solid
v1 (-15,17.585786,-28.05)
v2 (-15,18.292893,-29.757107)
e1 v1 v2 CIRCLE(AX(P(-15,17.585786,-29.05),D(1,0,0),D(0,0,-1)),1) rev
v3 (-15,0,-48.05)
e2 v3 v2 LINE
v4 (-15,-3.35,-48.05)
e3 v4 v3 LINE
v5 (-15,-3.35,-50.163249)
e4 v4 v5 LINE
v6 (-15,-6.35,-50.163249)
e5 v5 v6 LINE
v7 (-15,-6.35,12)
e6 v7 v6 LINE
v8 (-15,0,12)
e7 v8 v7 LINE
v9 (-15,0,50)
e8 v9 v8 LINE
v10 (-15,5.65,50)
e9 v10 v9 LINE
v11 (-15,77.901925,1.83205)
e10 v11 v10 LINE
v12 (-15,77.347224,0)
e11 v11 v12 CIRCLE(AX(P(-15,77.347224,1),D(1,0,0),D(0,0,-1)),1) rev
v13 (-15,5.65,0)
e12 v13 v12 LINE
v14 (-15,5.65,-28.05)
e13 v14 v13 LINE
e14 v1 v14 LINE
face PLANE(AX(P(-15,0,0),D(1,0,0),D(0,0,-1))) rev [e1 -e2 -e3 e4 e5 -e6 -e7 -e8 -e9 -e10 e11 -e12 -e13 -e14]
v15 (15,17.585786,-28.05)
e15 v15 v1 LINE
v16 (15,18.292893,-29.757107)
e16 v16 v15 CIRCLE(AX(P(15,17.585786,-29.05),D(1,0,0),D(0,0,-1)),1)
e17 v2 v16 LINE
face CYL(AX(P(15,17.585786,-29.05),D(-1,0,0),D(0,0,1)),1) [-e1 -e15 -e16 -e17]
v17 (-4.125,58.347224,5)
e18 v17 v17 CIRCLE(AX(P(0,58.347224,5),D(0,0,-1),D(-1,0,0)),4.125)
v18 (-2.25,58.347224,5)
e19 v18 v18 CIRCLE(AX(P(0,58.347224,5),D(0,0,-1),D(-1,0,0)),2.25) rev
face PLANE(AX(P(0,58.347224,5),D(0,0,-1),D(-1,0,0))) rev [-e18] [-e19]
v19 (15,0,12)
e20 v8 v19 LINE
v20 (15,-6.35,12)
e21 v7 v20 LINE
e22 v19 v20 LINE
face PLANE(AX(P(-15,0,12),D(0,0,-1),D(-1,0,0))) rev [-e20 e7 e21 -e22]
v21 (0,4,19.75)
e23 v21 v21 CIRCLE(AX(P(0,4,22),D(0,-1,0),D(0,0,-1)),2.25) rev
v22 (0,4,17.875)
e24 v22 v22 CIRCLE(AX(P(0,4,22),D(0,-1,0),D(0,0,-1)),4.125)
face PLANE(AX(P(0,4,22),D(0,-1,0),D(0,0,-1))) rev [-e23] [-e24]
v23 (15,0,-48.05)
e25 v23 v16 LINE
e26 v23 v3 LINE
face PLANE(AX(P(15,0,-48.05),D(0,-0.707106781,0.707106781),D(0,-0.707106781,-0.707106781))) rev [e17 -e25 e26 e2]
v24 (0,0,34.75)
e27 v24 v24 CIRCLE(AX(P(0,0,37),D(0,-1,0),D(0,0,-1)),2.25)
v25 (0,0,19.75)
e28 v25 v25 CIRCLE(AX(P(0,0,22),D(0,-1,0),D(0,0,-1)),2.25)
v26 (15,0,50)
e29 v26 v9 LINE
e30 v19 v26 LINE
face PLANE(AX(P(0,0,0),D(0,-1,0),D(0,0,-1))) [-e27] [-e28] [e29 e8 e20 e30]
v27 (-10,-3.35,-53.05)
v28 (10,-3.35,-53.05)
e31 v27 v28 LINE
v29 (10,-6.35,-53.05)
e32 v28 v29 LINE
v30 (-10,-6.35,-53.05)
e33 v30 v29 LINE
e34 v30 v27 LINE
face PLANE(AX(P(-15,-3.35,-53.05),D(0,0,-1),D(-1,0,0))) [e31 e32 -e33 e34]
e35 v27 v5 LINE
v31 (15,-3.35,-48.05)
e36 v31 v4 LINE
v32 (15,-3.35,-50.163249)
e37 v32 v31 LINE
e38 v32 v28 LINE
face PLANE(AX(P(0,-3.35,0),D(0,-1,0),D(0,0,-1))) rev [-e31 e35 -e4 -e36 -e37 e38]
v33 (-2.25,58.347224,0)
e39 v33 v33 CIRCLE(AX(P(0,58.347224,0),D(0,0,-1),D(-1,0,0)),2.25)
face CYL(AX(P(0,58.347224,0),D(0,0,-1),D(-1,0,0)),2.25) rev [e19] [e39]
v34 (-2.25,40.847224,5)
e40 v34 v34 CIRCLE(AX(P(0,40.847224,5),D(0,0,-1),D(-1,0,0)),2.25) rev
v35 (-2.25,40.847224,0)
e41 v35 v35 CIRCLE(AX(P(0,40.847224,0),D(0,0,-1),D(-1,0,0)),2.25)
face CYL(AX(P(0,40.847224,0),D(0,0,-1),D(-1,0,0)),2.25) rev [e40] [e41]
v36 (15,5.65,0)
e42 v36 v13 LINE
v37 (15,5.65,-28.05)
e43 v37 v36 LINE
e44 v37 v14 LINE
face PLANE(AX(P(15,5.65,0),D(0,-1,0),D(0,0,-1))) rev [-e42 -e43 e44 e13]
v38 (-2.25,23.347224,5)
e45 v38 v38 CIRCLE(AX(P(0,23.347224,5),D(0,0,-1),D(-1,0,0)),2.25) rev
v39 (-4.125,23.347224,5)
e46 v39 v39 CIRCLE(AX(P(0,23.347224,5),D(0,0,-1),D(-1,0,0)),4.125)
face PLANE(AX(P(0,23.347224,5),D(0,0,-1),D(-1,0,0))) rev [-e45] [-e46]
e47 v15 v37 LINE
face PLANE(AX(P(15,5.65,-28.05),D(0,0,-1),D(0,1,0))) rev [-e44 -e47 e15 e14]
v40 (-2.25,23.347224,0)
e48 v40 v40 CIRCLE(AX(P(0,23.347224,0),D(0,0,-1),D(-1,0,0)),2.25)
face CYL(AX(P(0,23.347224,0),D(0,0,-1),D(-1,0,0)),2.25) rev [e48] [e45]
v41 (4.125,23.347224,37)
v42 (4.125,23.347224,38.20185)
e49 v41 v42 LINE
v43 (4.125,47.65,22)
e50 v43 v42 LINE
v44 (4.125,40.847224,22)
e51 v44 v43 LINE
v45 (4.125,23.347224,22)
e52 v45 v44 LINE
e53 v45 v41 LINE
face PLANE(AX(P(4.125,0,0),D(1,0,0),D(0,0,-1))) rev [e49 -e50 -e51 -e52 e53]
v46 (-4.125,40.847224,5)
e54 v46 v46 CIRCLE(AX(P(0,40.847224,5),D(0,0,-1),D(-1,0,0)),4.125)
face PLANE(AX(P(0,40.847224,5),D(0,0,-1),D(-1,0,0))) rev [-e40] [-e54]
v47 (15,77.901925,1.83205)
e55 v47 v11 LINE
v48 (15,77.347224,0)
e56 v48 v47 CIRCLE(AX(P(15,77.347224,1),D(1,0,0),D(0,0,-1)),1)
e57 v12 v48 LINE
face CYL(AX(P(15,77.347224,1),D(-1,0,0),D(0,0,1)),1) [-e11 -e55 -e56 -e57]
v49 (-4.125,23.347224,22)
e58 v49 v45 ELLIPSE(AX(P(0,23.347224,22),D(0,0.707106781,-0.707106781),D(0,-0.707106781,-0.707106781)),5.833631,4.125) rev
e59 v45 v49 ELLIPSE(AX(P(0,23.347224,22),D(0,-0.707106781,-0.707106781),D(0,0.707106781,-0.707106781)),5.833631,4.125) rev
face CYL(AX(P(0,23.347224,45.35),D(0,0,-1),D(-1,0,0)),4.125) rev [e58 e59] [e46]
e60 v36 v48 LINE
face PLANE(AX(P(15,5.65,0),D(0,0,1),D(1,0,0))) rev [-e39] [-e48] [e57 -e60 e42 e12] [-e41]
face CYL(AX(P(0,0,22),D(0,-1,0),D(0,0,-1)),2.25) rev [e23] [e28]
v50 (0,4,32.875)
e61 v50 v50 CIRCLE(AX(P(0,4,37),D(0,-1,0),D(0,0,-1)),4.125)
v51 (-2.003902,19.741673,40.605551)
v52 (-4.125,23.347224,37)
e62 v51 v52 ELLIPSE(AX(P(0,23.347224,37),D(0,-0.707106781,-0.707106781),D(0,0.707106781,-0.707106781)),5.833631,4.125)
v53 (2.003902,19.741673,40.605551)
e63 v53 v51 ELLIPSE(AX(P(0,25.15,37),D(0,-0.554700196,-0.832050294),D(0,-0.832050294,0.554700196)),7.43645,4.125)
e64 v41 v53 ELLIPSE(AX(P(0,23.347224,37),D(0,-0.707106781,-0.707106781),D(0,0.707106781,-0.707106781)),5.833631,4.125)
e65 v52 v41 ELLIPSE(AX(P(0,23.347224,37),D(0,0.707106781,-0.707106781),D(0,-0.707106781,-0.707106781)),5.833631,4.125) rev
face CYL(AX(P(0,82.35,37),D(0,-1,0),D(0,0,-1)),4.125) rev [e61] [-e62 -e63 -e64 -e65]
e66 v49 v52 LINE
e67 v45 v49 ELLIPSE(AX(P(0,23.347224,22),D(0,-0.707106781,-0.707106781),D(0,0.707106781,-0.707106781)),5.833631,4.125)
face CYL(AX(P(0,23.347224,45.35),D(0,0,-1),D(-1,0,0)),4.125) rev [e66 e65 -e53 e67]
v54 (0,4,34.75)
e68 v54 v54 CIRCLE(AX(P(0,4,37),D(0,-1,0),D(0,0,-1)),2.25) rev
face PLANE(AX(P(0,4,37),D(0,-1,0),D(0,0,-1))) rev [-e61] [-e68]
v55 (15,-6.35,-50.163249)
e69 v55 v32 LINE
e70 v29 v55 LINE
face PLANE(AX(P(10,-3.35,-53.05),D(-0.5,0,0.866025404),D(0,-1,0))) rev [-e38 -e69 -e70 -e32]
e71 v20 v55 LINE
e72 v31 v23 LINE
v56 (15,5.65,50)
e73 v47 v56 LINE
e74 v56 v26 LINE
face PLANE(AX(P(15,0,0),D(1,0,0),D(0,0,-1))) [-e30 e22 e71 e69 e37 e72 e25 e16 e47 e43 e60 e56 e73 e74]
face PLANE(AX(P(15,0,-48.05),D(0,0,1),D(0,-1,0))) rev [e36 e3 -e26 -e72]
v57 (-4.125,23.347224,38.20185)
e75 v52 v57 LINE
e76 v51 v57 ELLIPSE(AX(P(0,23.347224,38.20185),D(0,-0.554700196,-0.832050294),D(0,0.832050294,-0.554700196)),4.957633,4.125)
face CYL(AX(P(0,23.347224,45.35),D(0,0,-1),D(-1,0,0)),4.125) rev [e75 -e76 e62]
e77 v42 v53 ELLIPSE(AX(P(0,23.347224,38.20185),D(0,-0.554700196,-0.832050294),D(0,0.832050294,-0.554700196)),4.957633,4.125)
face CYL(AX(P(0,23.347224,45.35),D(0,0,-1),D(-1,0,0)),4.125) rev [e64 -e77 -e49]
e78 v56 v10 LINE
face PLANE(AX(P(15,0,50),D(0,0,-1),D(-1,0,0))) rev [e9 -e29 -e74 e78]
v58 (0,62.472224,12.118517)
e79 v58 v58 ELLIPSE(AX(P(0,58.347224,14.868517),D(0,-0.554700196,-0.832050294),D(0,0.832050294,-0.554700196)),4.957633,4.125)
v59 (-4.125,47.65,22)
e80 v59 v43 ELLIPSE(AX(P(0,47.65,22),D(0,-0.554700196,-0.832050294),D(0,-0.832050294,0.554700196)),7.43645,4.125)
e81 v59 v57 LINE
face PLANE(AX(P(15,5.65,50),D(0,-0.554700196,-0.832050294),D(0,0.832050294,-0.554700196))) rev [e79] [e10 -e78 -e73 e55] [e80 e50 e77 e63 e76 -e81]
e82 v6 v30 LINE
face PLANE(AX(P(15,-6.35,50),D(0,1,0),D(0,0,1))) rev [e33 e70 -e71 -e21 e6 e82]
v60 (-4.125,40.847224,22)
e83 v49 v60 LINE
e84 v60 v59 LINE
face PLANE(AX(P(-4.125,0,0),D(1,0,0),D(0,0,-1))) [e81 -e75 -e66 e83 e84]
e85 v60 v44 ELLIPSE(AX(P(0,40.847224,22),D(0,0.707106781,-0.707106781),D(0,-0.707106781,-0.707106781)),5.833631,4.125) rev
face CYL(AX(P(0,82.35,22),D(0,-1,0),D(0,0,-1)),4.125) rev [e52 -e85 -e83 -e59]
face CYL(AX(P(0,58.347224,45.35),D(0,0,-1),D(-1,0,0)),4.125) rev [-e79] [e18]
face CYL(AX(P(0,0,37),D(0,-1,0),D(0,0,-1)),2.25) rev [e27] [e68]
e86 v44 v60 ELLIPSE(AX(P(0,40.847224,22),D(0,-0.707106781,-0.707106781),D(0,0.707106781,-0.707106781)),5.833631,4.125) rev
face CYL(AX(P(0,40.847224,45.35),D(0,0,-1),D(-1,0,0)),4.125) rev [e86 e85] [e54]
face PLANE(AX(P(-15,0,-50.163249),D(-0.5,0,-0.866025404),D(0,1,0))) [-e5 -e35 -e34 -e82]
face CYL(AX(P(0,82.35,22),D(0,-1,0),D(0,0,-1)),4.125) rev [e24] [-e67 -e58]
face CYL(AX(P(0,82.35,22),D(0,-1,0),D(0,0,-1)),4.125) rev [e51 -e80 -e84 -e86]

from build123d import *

# Parameters (mm, degrees)
BOSS_EXTRUDE1_DEPTH  = 15
FILLET1_R            = 1
SKETCH6_W            = 30
SKETCH6_H            = 38
CUT_EXTRUDE2_DEPTH   = 6.35
M4_CLEARANCE_HOLE1_D = 4.5
CUT_EXTRUDE3_START   = -5
SKETCH11_R           = 4.125
CUT_EXTRUDE3_DEPTH   = 40.35
M4_CLEARANCE_HOLE2_D = 4.5
CUT_EXTRUDE4_START   = -4
SKETCH15_R           = 4.125
CUT_EXTRUDE4_DEPTH   = 78.35
SKETCH16_W           = 22.054388556
SKETCH16_H           = 29.268630824
CUT_EXTRUDE6_DEPTH   = 8.25
SKETCH18_W           = 30
SKETCH18_H           = 5
BOSS_EXTRUDE2_DEPTH  = 3
CHAMFER1_SIZE        = 5
CHAMFER1_SIZE2       = 2.886751346


with BuildPart() as part:
    # Sketch2 → Boss-Extrude1 (new, symmetric)
    with BuildSketch(Plane(origin=(0, 0, 0), x_dir=(0, 0, -1), z_dir=(1, 0, 0))):
        Polygon((0, 5.65), (0, 80.65), (-50, 5.65), (-50, 0), (-50, -6.35), (48.05, -6.35), (48.05, 0), (28.05, 20), (28.05, 5.65), align=None)
    extrude(amount=BOSS_EXTRUDE1_DEPTH, both=True)

    # Fillet1
    fillet1_edges = [part.edges().sort_by_distance(p)[0] for p in [
        (0, 80.65, 0),
        (0, 20, -28.05),
    ]]
    fillet(fillet1_edges, radius=FILLET1_R)

    # Sketch6 → Cut-Extrude2 (cut)
    with BuildSketch(Plane.XZ.offset(6.35)):
        with Locations((0, 31)):
            Rectangle(SKETCH6_W, SKETCH6_H)
    extrude(amount=-CUT_EXTRUDE2_DEPTH, mode=Mode.SUBTRACT)

    # M4 Clearance Hole1 (through all)
    with Locations(Plane(origin=(0, 0, 0), x_dir=(-1, 0, 0), z_dir=(0, 0, -1))):
        with Locations((0, 58.347224362), (0, 40.847224362), (0, 23.347224362)):
            Hole(M4_CLEARANCE_HOLE1_D / 2)

    # Sketch11 → Cut-Extrude3 (cut)
    with BuildSketch(Plane(origin=(0, 0, 0), x_dir=(-1, 0, 0), z_dir=(0, 0, -1)).offset(CUT_EXTRUDE3_START)):
        with Locations((0, 58.347224362)):
            Circle(SKETCH11_R)
        with Locations((0, 40.847224362)):
            Circle(SKETCH11_R)
        with Locations((0, 23.347224362)):
            Circle(SKETCH11_R)
    extrude(amount=-CUT_EXTRUDE3_DEPTH, mode=Mode.SUBTRACT)

    # M4 Clearance Hole2 (through all)
    with Locations(Plane(origin=(0, 0, 0), x_dir=(-1, 0, 0), z_dir=(0, -1, 0))):
        with Locations((0, -37), (0, -22)):
            Hole(M4_CLEARANCE_HOLE2_D / 2)

    # Sketch15 → Cut-Extrude4 (cut)
    with BuildSketch(Plane.XZ.offset(CUT_EXTRUDE4_START)):
        with Locations(Location((0, 37, 0), (0, 0, 270))):
            Circle(SKETCH15_R)
        with Locations(Location((0, 22, 0), (0, 0, 270))):
            Circle(SKETCH15_R)
    extrude(amount=-CUT_EXTRUDE4_DEPTH, mode=Mode.SUBTRACT)

    # Sketch16 → Cut-Extrude6 (cut)
    with BuildSketch(Plane(origin=(-4.125, 0, 0), x_dir=(0, 0, -1), z_dir=(1, 0, 0))):
        with Locations((-33.027194278, 37.981539774)):
            Rectangle(SKETCH16_W, SKETCH16_H)
    extrude(amount=CUT_EXTRUDE6_DEPTH, mode=Mode.SUBTRACT)

    # Sketch18 → Boss-Extrude2 (add)
    with BuildSketch(Plane.XZ.offset(6.35)):
        with Locations((0, -50.55)):
            Rectangle(SKETCH18_W, SKETCH18_H)
    extrude(amount=-BOSS_EXTRUDE2_DEPTH)

    # Chamfer1
    chamfer1_edges = [part.edges().sort_by_distance(p)[0] for p in [
        (-15, -4.85, -53.05),
        (15, -4.85, -53.05),
    ]]
    chamfer1_side = [part.faces().sort_by_distance(p)[0] for p in [
        (0, -4.85, -53.05),
    ]]
    chamfer(chamfer1_edges, length=CHAMFER1_SIZE, length2=CHAMFER1_SIZE2, reference=chamfer1_side[0])


solid = part.part
